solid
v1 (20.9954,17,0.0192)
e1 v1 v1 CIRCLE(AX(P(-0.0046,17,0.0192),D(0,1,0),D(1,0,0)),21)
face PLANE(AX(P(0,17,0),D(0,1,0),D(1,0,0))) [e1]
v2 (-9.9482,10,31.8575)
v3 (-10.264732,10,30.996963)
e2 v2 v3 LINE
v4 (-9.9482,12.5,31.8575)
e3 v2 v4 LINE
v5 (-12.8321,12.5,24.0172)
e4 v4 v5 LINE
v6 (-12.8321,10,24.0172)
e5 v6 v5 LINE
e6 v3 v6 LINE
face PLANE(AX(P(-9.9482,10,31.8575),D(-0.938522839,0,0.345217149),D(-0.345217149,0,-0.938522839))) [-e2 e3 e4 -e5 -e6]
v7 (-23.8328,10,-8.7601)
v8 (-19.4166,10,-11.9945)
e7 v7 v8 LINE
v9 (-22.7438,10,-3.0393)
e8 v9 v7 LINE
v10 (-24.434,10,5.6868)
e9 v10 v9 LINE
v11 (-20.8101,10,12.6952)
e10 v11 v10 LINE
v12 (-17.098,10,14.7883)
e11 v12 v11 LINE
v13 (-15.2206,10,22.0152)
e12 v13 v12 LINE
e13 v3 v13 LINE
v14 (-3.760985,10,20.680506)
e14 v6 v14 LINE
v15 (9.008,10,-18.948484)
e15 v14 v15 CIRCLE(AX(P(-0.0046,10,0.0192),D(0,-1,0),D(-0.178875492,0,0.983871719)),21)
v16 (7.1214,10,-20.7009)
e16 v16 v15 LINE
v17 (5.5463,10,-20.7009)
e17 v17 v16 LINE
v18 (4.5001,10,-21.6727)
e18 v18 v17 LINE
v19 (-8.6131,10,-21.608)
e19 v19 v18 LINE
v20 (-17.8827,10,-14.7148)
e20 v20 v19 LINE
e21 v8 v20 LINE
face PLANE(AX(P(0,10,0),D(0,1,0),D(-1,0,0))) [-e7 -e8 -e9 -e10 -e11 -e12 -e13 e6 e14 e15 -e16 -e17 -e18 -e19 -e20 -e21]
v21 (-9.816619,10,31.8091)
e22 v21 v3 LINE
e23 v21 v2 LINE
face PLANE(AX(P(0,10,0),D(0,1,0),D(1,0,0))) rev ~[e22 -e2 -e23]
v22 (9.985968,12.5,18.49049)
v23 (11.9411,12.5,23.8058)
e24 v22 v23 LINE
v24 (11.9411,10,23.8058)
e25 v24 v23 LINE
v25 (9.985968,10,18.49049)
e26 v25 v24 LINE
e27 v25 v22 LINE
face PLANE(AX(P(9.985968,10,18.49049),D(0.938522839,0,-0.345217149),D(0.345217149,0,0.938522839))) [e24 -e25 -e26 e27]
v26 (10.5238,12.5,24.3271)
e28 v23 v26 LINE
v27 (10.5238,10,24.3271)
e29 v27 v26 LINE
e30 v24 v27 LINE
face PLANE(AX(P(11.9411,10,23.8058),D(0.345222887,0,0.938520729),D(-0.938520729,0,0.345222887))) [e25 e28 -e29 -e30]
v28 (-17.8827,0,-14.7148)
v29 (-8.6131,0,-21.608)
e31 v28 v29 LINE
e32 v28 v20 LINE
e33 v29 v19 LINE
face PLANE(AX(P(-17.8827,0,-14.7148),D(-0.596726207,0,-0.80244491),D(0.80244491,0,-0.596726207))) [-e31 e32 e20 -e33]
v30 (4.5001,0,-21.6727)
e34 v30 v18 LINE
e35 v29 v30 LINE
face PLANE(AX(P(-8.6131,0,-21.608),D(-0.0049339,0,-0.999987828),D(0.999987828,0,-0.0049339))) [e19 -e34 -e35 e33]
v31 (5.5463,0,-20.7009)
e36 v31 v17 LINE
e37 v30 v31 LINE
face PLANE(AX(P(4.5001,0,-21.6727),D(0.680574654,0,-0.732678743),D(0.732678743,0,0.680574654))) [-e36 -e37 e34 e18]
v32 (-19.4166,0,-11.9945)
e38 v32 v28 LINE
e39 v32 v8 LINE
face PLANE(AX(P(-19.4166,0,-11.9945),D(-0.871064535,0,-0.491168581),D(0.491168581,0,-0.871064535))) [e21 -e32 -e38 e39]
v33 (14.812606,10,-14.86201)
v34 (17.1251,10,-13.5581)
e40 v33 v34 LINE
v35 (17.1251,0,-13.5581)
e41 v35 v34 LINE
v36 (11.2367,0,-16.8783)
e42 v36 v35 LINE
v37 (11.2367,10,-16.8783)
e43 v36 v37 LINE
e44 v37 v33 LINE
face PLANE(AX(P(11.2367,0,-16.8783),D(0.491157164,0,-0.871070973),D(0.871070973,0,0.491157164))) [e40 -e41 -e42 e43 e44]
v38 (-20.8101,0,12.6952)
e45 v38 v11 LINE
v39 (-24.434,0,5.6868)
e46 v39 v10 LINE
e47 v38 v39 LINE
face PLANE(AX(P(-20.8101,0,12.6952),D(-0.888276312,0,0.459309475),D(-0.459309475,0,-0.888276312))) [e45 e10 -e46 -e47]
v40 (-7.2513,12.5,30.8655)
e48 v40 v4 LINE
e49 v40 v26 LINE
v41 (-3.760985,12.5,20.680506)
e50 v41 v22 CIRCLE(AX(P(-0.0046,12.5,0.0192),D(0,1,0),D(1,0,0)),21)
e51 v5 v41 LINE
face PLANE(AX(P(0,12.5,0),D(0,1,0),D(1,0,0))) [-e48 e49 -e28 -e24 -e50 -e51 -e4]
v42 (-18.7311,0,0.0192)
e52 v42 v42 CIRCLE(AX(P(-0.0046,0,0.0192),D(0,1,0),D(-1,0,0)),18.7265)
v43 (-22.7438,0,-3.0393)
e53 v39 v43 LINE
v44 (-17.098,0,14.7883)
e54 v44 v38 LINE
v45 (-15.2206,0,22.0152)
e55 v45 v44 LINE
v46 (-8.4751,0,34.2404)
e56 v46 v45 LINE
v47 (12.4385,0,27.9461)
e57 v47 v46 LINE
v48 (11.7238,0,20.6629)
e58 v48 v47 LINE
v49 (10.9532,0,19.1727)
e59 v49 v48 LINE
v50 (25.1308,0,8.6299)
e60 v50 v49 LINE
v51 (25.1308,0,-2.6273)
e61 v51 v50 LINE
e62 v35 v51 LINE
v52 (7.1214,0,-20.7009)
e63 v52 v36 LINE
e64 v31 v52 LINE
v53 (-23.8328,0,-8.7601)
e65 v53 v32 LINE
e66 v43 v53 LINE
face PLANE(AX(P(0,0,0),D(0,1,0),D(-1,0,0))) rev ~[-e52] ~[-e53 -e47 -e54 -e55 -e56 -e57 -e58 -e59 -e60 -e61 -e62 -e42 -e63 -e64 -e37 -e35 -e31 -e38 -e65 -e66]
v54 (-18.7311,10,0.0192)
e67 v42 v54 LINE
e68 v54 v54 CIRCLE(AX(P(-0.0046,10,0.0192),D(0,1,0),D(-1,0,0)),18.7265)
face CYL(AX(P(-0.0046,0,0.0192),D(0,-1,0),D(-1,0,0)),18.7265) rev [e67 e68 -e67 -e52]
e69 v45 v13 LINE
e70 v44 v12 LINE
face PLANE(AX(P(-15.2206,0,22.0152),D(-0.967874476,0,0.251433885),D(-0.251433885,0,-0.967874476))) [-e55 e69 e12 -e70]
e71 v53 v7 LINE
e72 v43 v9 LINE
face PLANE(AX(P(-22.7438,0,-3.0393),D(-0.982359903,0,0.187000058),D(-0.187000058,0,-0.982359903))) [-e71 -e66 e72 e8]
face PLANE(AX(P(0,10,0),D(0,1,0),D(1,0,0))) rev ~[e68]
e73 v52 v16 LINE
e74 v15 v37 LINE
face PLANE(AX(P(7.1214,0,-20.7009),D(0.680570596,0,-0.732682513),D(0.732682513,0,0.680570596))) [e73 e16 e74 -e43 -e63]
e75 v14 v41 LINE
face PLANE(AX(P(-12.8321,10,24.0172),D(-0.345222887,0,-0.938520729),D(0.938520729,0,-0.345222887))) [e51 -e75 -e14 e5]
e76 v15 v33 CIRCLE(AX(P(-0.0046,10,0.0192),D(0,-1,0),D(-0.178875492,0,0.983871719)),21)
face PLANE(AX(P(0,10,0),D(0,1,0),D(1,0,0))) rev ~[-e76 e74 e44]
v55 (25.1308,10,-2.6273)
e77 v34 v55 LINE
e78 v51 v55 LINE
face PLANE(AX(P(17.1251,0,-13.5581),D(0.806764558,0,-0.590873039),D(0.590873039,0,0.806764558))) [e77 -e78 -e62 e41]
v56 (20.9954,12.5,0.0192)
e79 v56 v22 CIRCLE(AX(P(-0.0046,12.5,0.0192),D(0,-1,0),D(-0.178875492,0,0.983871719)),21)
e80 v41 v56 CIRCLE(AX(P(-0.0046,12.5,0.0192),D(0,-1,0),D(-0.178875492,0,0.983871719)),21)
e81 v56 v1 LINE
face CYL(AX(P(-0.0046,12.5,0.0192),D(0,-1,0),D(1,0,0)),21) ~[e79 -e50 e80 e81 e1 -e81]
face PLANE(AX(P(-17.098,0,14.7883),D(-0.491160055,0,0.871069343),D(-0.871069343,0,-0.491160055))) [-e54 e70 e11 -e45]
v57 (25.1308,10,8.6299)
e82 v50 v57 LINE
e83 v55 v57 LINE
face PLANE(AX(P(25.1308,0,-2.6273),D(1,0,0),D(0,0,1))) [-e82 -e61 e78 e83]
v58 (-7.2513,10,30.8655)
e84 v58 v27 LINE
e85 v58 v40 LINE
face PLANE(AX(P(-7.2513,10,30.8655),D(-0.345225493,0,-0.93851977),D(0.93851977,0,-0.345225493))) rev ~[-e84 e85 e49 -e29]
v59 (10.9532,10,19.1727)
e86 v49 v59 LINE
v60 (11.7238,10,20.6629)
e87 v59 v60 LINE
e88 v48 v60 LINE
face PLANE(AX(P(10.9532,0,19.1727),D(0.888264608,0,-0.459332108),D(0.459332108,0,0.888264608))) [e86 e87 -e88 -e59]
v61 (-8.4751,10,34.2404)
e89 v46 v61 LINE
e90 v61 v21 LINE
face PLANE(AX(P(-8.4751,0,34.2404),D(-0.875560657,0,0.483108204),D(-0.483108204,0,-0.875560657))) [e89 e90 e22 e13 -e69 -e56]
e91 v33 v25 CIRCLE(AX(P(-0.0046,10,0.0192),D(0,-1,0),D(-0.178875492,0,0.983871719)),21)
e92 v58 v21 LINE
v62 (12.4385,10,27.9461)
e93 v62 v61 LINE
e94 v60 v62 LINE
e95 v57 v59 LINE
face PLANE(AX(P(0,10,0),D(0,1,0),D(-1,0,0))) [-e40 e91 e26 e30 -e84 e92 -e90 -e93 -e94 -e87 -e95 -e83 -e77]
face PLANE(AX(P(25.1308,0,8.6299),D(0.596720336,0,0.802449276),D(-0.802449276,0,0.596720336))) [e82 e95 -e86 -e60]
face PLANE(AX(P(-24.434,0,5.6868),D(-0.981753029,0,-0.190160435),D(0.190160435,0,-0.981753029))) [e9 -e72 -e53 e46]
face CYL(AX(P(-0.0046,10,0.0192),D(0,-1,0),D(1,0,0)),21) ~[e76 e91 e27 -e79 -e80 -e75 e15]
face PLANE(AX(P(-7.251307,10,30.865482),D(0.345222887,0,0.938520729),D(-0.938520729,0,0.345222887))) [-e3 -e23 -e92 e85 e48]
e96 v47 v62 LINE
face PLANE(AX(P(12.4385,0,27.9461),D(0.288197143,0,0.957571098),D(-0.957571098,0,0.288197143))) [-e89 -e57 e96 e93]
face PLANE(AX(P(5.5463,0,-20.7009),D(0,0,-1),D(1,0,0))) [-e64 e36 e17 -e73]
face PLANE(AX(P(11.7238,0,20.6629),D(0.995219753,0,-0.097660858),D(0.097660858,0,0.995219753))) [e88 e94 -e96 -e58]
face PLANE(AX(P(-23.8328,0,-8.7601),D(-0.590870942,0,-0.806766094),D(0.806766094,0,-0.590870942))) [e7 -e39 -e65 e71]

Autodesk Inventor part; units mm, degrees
ref_plane "YZ Plane" through (0, 0, 0) normal (1, 0, 0) x (0, 1, 0)
ref_plane "XZ Plane" through (0, 0, 0) normal (0, 1, 0) x (-1, 0, 0)
ref_plane "XY Plane" through (0, 0, 0) normal (0, 0, 1) x (1, 0, 0)
sketch "Skizze1" plane through (0, 0, 0) normal (0, 1, 0) x (-1, 0, 0)
  line L0 (-198.8627, 53.5938) -> (99.1639, 53.5938) construction
  line L1 (99.1639, 53.5938) -> (99.1639, -114.0462) construction
  line L2 (99.1639, -114.0462) -> (-198.8627, -114.0462) construction
  line L3 (-198.8627, -114.0462) -> (-198.8627, 53.5938) construction
  circle A0 centre (0.0046, 0.0192) radius 18.7265
  line L4 (-9.419, 18.8182) -> (-23.9308, 8.0268)
  line L5 (-23.9308, 8.0268) -> (-23.9308, -2.2349)
  line L6 (-23.9308, -2.2349) -> (-16.3101, -12.64)
  line L7 (-16.3101, -12.64) -> (-10.5238, -15.9026)
  line L8 (-10.5238, -15.9026) -> (-6.65, -19.5009)
  line L9 (-6.65, -19.5009) -> (-5.075, -19.5009)
  line L10 (-5.075, -19.5009) -> (-4.0313, -20.4704)
  line L11 (-4.0313, -20.4704) -> (8.2132, -20.4099)
  line L12 (8.2132, -20.4099) -> (16.9625, -13.9037)
  line L13 (16.9625, -13.9037) -> (18.4985, -11.1795)
  line L14 (18.4985, -11.1795) -> (22.5122, -8.2399)
  line L15 (22.5122, -8.2399) -> (21.5218, -3.0373)
  line L16 (21.5218, -3.0373) -> (23.1766, 5.5058)
  line L17 (23.1766, 5.5058) -> (19.9087, 11.8258)
  line L18 (19.9087, 11.8258) -> (16.0647, 13.9933)
  line L19 (16.0647, 13.9933) -> (14.1168, 21.4913)
  line L20 (14.1168, 21.4913) -> (7.2513, 30.8655)
  line L21 (7.2513, 30.8655) -> (-10.5238, 24.3271)
  line L22 (-10.5238, 24.3271) -> (-10.5238, 20.9548)
  line L23 (-10.5238, 20.9548) -> (-9.419, 18.8182)
  line L24 (-17.1251, -13.5581) -> (-25.1308, -2.6273)
  line L25 (-25.1308, -2.6273) -> (-25.1308, 8.6299)
  line L26 (-25.1308, 8.6299) -> (-10.9532, 19.1727)
  line L27 (-10.9532, 19.1727) -> (-11.7238, 20.6629)
  line L28 (-11.7238, 20.6629) -> (-12.4385, 27.9461)
  line L29 (-12.4385, 27.9461) -> (8.4751, 34.2404)
  line L30 (8.4751, 34.2404) -> (15.2206, 22.0152)
  line L31 (15.2206, 22.0152) -> (17.098, 14.7883)
  line L32 (17.098, 14.7883) -> (20.8101, 12.6952)
  line L33 (20.8101, 12.6952) -> (24.434, 5.6868)
  line L34 (24.434, 5.6868) -> (22.7438, -3.0393)
  line L35 (22.7438, -3.0393) -> (23.8328, -8.7601)
  line L36 (23.8328, -8.7601) -> (19.4166, -11.9945)
  line L37 (19.4166, -11.9945) -> (17.8827, -14.7148)
  line L38 (17.8827, -14.7148) -> (8.6131, -21.608)
  line L39 (8.6131, -21.608) -> (-4.5001, -21.6727)
  line L40 (-4.5001, -21.6727) -> (-5.5463, -20.7009)
  line L41 (-5.5463, -20.7009) -> (-7.1214, -20.7009)
  line L42 (-7.1214, -20.7009) -> (-11.2367, -16.8783)
  line L43 (-11.2367, -16.8783) -> (-17.1251, -13.5581)
  dimension "d4" = 37.453
  dimension "d29" = 42
  dimension "d45" = 1.2
extrude "Extrusion1" add sketch "Skizze1" along normal blind 10 contours L23 L22 L21 L20 L19 L18 L17 L16 L15 L14 L13 L12 L11 L10 L9 L8 L7 L6 L5 L4 | L24 L25 L26 L27 L28 L29 L30 L31 L32 L33 L34 L35 L36 L37 L38 L39 L40 L41 L42 L43
sketch "Skizze2" plane through (0, 10, 0) normal (0, 1, 0) x (1, 0, 0)
  circle A0 centre (-0.0046, -0.0192) radius 18.7265 projected
  line L0 (-9.9482, -31.8575) -> (-12.8321, -24.0172)
  line L1 (-12.8321, -24.0172) -> (9.0572, -15.9655)
  line L2 (9.0572, -15.9655) -> (11.9411, -23.8058)
  line L3 (11.9411, -23.8058) -> (-9.9482, -31.8575)
  line L4 (-7.2513, -30.8655) -> (10.5238, -24.3271) projected
  circle A1 centre (-0.0046, -0.0192) radius 18.7265 projected
  circle A2 centre (-0.0046, -0.0192) radius 21
  point P0 (0, 0)
  point P1 (9.9588, -18.4167)
  point P2 (9.1919, -16.3319)
  point P3 (1.714, -18.6666)
  point P4 (-12.3868, -23.8534)
  dimension "d38" = 42
extrude "Extrusion2" add sketch "Skizze2" along normal blind 2.5
sketch "Skizze3" plane through (0, 12.5, 0) normal (0, 1, 0) x (1, 0, 0)
  circle A0 centre (-0.0046, -0.0192) radius 18.7265 projected
  circle A1 centre (-0.0046, -0.0192) radius 21
  point P0 (0, 0)
  dimension "d41" = 42
extrude "Extrusion3" add sketch "Skizze3" along normal blind 4.5 contours A0 | A1
properties part number "01_Objektiv"
